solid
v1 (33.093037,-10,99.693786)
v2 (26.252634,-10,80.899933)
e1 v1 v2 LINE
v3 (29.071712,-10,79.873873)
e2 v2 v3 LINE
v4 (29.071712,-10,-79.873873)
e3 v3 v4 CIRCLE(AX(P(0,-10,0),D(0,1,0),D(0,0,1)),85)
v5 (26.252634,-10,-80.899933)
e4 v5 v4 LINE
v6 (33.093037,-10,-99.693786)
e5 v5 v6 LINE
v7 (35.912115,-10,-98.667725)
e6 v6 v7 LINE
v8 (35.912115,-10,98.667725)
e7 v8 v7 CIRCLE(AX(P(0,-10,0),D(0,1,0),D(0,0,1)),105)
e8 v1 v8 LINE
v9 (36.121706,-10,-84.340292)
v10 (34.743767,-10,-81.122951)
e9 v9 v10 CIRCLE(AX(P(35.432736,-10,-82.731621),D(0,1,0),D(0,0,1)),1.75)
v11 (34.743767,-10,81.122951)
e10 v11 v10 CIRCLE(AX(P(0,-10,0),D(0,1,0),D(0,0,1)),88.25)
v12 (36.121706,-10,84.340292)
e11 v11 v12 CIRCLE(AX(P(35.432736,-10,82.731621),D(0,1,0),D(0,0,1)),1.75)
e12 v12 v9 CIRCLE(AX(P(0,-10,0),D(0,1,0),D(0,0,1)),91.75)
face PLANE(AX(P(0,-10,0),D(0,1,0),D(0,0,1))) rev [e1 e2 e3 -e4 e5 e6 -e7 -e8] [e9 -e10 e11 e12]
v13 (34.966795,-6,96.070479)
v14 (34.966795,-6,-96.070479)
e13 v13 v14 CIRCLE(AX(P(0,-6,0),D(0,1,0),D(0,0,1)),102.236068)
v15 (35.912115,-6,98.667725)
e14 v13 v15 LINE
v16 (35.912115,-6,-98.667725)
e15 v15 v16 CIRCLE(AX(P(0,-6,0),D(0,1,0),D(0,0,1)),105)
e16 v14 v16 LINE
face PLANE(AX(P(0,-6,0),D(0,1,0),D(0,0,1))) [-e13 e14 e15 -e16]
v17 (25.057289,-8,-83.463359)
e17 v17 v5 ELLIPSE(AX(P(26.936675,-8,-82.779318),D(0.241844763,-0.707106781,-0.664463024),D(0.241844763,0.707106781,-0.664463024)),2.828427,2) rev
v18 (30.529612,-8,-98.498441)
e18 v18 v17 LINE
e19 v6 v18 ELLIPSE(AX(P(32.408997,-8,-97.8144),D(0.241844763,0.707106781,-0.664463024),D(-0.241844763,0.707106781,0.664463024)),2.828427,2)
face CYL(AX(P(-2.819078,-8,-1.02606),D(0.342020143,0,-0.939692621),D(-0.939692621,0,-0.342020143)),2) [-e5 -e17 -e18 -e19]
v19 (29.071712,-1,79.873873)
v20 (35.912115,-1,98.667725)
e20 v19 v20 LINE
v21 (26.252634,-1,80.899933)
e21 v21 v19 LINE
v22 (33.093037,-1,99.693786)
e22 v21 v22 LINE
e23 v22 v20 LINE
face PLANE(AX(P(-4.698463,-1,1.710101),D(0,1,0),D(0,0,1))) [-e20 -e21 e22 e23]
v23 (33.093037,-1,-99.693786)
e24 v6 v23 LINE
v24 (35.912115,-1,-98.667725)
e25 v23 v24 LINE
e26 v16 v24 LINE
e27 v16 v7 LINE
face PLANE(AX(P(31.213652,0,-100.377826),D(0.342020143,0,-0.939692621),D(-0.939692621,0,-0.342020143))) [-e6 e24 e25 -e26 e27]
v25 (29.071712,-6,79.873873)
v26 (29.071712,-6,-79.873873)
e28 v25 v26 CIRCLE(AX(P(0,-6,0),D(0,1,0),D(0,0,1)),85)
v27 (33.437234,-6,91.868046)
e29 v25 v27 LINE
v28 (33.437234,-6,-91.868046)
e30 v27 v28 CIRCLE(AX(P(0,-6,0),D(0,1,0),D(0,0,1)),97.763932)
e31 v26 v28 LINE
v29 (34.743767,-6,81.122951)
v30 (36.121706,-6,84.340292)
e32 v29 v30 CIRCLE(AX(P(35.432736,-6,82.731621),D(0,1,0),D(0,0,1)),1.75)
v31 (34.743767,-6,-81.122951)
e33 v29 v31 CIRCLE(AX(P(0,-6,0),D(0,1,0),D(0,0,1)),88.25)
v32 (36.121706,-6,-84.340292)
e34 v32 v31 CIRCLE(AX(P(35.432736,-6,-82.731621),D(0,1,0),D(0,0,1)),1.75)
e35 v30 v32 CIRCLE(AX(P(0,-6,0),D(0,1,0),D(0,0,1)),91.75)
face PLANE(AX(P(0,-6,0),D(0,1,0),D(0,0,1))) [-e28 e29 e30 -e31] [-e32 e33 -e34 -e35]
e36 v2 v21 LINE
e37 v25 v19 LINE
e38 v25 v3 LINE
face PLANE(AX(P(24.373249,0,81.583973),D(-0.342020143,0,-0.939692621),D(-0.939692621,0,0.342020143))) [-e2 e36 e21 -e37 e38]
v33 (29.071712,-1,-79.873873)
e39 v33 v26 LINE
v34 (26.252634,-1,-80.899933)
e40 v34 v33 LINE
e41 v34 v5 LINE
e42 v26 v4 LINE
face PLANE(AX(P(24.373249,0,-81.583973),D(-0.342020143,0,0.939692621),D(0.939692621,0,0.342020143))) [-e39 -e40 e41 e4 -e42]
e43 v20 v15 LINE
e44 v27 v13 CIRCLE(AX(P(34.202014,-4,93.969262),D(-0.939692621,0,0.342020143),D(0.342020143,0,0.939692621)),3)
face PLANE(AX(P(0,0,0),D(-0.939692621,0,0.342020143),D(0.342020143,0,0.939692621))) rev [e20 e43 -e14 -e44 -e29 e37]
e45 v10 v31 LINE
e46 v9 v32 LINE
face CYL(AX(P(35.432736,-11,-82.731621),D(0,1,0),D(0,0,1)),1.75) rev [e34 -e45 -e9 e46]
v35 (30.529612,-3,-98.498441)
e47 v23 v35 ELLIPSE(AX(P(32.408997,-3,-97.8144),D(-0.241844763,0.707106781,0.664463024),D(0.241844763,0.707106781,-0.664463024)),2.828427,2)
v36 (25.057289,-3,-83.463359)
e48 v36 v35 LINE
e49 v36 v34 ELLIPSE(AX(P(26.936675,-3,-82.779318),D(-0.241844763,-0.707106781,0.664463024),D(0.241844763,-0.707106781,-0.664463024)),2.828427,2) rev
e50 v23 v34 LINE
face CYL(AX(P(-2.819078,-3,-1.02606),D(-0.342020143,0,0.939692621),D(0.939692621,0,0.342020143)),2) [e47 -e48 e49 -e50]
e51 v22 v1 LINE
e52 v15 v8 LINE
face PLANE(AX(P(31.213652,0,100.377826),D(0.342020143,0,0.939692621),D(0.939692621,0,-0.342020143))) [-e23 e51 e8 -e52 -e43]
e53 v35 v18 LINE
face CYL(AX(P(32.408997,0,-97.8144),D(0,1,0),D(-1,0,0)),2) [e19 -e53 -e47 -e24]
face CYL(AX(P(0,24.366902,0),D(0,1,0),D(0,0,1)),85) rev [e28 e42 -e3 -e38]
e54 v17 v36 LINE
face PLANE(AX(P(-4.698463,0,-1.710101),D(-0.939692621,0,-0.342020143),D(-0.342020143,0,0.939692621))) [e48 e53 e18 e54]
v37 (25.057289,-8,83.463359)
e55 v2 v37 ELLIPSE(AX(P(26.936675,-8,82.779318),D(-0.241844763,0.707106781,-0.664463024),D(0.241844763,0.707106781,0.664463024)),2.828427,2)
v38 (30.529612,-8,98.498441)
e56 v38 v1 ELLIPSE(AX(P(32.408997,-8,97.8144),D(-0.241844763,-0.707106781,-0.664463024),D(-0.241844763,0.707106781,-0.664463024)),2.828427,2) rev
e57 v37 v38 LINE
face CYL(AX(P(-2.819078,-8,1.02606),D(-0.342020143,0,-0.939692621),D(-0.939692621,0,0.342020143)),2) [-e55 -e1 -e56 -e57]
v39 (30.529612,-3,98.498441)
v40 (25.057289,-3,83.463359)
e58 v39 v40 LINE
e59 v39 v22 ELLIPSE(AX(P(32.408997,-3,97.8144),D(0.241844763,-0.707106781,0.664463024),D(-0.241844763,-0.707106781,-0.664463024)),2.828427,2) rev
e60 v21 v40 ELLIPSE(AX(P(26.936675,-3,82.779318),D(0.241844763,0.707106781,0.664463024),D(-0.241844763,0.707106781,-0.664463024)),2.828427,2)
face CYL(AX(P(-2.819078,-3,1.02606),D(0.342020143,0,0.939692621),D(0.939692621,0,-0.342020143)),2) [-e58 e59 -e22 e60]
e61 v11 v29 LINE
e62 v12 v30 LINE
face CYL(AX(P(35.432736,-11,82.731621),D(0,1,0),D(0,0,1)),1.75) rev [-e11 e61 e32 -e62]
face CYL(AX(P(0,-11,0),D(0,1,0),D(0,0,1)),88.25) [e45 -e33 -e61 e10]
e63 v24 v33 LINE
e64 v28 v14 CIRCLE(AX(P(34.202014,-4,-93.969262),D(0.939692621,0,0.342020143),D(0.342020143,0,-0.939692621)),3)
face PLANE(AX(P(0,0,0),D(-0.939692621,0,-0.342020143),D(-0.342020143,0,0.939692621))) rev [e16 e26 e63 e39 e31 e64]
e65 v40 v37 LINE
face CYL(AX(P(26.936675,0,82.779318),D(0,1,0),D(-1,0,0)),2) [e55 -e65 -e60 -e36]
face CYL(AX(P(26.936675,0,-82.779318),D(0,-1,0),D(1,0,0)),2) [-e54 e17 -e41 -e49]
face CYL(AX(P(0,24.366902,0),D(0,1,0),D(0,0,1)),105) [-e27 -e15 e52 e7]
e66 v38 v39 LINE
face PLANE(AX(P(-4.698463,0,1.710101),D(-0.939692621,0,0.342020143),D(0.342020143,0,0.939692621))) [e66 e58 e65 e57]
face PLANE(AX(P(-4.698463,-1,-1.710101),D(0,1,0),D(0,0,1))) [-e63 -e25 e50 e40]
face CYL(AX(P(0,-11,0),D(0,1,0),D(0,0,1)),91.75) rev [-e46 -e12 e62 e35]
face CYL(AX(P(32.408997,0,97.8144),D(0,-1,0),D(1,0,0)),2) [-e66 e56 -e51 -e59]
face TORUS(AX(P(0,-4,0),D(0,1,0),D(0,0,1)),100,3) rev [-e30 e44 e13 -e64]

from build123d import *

# Parameters (mm, degrees)
REVOLVE_1_ANGLE     = 140
SKETCH_3_W          = 20
SKETCH_3_H          = 9
EXTRUDE_1_DEPTH     = 5
SKETCH_4_W          = 20
SKETCH_4_H          = 9
EXTRUDE_2_DEPTH     = 5
CUT_EXTRUDE_1_DEPTH = 5
FILLET_1_R          = 2


with BuildPart() as part:
    # 草图2 → 旋转1 (revolve, symmetric)
    with BuildSketch(Plane.XY) as revolve_1_sk:
        with BuildLine():
            ThreePointArc((102.236067977, -6), (100, -7), (97.763932023, -6))
            Line((97.763932023, -6), (85, -6))
            Line((85, -6), (85, -10))
            Line((85, -10), (105, -10))
            Line((105, -10), (105, -6))
            Line((105, -6), (102.236067977, -6))
        make_face()
    revolve(axis=Axis((0, 24.366902053, 0), (0, -1, 0)), revolution_arc=REVOLVE_1_ANGLE / 2)
    revolve(revolve_1_sk.sketch, axis=Axis((0, 24.366902053, 0), (0, 1, 0)), revolution_arc=REVOLVE_1_ANGLE / 2)

    # 草图3 → 凸台-拉伸1 (add)
    with BuildSketch(Plane(origin=(0, 0, 0), x_dir=(0.34202014332566616, 0, 0.9396926207859094), z_dir=(-0.9396926207859093, 0, 0.3420201433256661))):
        with Locations((95, -5.5)):
            Rectangle(SKETCH_3_W, SKETCH_3_H)
    extrude(amount=EXTRUDE_1_DEPTH)

    # 草图4 → 凸台-拉伸2 (add)
    with BuildSketch(Plane(origin=(0, 0, 0), x_dir=(-0.34202014332566616, 0, 0.9396926207859094), z_dir=(-0.9396926207859094, 0, -0.34202014332566616))):
        with Locations((-95, -5.5)):
            Rectangle(SKETCH_4_W, SKETCH_4_H)
    extrude(amount=EXTRUDE_2_DEPTH)

    # 草图5 → 切除-拉伸1 (cut)
    with BuildSketch(Plane(origin=(0, -6, 0), x_dir=(1, 0, 0), z_dir=(0, 1, 0))):
        with BuildLine():
            ThreePointArc((34.743766956, 81.122950869), (88.25, -6.1e-08), (34.743766843, -81.122950917))
            ThreePointArc((34.743766843, -81.122950917), (33.82406612, -83.420591403), (36.121706789, -84.340291668))
            ThreePointArc((36.121706789, -84.340291668), (91.75, 4e-08), (36.121706715, 84.3402917))
            ThreePointArc((36.121706715, 84.3402917), (33.82406608, 83.42059131), (34.743766956, 81.122950869))
        make_face()
    extrude(amount=-CUT_EXTRUDE_1_DEPTH, mode=Mode.SUBTRACT)

    # 圆角1
    fillet_1_edges = [part.edges().sort_by_distance(p)[0] for p in [
        (24.373249079, -5.5, 81.583973483),
        (31.213651945, -5.5, 100.377825899),
        (27.793450512, -1, 90.980899691),
        (27.793450512, -10, 90.980899691),
        (31.213651945, -5.5, -100.377825899),
        (24.373249079, -5.5, -81.583973483),
        (27.793450512, -1, -90.980899691),
        (27.793450512, -10, -90.980899691),
    ]]
    fillet(fillet_1_edges, radius=FILLET_1_R)


solid = part.part
